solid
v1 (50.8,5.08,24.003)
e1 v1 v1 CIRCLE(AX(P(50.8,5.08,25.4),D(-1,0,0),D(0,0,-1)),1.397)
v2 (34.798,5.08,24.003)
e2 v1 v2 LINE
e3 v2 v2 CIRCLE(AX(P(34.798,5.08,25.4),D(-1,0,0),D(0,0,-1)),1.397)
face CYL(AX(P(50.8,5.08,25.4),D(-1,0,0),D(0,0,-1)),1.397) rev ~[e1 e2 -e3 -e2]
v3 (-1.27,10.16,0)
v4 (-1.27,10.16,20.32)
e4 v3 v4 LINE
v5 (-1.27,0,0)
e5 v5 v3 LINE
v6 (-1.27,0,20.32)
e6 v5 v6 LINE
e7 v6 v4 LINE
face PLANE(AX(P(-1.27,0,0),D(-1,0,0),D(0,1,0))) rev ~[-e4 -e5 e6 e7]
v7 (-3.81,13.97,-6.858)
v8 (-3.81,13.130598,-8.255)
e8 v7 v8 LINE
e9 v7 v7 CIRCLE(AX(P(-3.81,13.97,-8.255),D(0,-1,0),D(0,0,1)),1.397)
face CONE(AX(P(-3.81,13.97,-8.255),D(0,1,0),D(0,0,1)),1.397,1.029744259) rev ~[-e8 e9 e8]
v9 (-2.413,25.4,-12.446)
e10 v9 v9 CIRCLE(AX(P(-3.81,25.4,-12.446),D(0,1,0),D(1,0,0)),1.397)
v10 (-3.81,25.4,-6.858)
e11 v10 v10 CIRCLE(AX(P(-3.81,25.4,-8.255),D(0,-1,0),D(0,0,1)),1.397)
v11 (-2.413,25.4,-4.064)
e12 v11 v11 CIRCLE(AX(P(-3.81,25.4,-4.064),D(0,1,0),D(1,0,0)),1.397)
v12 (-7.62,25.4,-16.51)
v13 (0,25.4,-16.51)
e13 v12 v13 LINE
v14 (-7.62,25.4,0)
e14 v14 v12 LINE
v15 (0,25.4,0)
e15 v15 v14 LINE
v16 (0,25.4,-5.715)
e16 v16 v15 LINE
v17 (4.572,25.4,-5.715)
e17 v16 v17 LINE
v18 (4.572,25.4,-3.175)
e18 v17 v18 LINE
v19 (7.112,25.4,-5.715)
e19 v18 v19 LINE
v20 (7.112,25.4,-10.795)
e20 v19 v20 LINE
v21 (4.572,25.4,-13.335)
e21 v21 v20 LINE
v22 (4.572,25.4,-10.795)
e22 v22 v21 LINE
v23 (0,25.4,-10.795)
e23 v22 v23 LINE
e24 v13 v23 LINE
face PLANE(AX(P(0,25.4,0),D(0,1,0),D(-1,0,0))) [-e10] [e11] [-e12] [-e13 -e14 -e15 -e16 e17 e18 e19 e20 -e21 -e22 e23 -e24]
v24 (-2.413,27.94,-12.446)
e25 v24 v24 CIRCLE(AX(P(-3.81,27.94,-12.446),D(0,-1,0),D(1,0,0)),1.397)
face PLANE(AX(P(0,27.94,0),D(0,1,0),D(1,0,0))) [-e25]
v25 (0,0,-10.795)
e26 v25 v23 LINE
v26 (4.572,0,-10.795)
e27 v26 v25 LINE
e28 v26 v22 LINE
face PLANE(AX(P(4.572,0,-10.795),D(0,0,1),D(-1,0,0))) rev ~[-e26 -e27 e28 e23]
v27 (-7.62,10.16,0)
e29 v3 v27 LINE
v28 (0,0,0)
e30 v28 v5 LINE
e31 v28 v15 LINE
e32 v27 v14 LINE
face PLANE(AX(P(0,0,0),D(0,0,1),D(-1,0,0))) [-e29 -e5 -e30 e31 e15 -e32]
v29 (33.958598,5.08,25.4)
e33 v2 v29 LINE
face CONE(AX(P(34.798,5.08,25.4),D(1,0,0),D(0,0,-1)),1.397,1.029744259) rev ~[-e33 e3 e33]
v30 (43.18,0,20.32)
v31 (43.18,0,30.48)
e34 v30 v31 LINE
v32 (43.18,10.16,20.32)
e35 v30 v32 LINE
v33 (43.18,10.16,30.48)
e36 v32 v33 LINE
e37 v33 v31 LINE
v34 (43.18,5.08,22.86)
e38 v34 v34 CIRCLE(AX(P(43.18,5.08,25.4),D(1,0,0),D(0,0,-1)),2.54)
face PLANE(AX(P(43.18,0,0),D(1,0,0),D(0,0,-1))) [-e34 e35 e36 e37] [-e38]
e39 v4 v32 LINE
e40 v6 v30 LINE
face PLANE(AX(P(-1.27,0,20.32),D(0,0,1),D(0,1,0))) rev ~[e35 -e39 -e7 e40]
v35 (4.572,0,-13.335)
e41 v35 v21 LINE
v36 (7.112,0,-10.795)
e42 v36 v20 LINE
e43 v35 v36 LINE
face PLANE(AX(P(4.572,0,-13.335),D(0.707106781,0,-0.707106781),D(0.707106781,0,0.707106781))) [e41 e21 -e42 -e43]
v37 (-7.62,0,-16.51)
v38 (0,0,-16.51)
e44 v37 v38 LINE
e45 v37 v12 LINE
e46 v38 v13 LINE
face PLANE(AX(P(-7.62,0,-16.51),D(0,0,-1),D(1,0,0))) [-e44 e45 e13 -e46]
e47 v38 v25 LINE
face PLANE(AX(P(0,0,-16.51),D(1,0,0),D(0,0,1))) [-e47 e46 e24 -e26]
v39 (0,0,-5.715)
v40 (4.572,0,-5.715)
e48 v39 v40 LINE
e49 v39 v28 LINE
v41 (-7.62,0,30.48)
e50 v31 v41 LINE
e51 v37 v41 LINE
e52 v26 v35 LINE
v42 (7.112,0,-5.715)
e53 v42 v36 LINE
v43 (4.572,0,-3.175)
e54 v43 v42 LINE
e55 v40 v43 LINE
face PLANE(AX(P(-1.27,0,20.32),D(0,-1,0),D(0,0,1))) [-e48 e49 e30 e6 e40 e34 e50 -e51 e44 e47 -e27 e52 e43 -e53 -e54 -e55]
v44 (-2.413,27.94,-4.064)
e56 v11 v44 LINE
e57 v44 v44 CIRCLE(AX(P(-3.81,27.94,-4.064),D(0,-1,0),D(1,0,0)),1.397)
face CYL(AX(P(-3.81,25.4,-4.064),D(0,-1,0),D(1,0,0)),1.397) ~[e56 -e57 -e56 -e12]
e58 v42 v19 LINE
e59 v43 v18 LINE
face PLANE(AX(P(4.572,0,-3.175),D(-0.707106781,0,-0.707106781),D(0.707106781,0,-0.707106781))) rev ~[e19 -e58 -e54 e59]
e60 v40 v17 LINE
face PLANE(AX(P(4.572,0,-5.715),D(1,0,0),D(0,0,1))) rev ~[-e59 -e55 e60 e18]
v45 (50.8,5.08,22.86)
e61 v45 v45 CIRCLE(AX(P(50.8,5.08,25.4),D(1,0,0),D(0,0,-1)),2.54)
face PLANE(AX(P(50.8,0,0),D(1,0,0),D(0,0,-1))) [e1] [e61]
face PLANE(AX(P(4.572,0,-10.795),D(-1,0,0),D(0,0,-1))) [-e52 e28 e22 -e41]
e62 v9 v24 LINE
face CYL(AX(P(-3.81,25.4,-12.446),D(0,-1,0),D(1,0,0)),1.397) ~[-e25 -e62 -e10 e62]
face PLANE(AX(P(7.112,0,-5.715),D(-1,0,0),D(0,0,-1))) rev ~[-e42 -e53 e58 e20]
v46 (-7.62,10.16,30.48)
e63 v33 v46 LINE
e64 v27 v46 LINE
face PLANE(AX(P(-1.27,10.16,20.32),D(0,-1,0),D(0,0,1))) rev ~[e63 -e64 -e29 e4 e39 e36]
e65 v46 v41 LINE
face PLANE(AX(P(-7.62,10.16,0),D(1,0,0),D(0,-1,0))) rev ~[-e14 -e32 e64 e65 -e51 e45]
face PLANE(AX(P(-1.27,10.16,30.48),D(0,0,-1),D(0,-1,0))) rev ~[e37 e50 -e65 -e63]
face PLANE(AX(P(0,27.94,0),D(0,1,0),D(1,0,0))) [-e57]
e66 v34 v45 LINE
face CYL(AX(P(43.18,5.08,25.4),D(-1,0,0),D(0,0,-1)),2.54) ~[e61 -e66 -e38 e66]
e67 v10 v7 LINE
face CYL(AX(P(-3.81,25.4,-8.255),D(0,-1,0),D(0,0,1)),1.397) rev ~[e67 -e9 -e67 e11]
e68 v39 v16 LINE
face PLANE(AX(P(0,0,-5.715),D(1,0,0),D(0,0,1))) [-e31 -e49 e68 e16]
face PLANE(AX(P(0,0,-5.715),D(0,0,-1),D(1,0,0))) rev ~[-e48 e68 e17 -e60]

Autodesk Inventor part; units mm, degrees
ref_plane "YZ Plane" through (0, 0, 0) normal (1, 0, 0) x (0, 1, 0)
ref_plane "XZ Plane" through (0, 0, 0) normal (0, 1, 0) x (-1, 0, 0)
ref_plane "XY Plane" through (0, 0, 0) normal (0, 0, 1) x (1, 0, 0)
sketch "Sketch1" plane through (0, 0, 0) normal (0, 1, 0) x (-1, 0, 0)
  line L0 (0, 0) -> (7.62, 0)
  line L1 (7.62, 0) -> (7.62, -16.51)
  line L2 (7.62, -16.51) -> (0, -16.51)
  line L3 (0, -16.51) -> (0, 0)
  line L4 (0, 0) -> (0, -5.715)
  line L5 (0, -5.715) -> (-7.112, -5.715)
  line L6 (-7.112, -5.715) -> (-7.112, -10.795)
  line L7 (-7.112, -10.795) -> (0, -10.795)
  line L8 (-7.112, -5.715) -> (-4.572, -5.715)
  line L9 (-4.572, -5.715) -> (-4.572, -3.175)
  line L10 (-4.572, -3.175) -> (-7.112, -5.715)
  line L11 (-7.112, -10.795) -> (-4.572, -10.795)
  line L12 (-4.572, -10.795) -> (-4.572, -13.335)
  line L13 (-4.572, -13.335) -> (-7.112, -10.795)
  dimension "d0" = 7.62
  dimension "d1" = 16.51
  dimension "d2" = 5.715
  dimension "d3" = 7.112
  dimension "d4" = 5.08
  dimension "d5" = 2.54
  dimension "d6" = 2.54
  dimension "d7" = 2.54
extrude "Extrusion1" add sketch "Sketch1" along normal blind 25.4
sketch "Sketch2" plane through (0, 25.4, 0) normal (0, 1, 0) x (1, 0, 0)
  line L0 (-7.62, 0) -> (0, 0) projected
  line L1 (-3.81, 0) -> (-3.81, 4.064)
  line L2 (0, 16.51) -> (-7.62, 16.51) projected
  line L3 (-3.81, 16.51) -> (-3.81, 12.446)
  circle A0 centre (-3.81, 4.064) radius 1.397
  circle A1 centre (-3.81, 12.446) radius 1.397
  dimension "d10" = 4.064
  dimension "d11" = 4.064
  dimension "d12" = 2.794
  dimension "d13" = 2.794
extrude "Extrusion2" add sketch "Sketch2" along normal blind 2.54
sketch "Sketch3" plane through (0, 25.4, 0) normal (0, 1, 0) x (1, 0, 0)
  line L0 (-7.62, 0) -> (0, 0) projected
  line L1 (-3.81, 0) -> (-3.81, 8.255)
  dimension "d16" = 8.255
hole "Hole1" at (-3.81, 25.4, -8.255) direction (0, -1, 0) diameter 2.794 depth 11.43 tip angle 118
sketch "Sketch8" plane through (-7.62, 0, 0) normal (0, 0, 1) x (1, 0, 0)
  line L0 (0, 0) -> (6.35, 0)
  line L1 (6.35, 0) -> (6.35, 10.16)
  line L2 (6.35, 10.16) -> (0, 10.16)
  line L3 (0, 10.16) -> (0, 0)
  point P0 (7.62, 0)
  dimension "d43" = 6.35
  dimension "d44" = 10.16
extrude "Extrusion6" add sketch "Sketch8" along normal blind 30.48
sketch "Sketch9" plane through (-1.27, 0, 0) normal (1, 0, 0) x (0, 0, -1)
  line L0 (16.51, 0) -> (-30.48, 0) projected
  line L1 (0, 10.16) -> (-30.48, 10.16) projected
  line L2 (-30.48, 0) -> (-20.32, 0)
  line L3 (-20.32, 0) -> (-20.32, 10.16)
  line L4 (-20.32, 10.16) -> (-30.48, 10.16)
  line L5 (-30.48, 10.16) -> (-30.48, 0)
  point P0 (0, 0)
  point P1 (46.99, 0)
  dimension "d47" = 10.16
extrude "Extrusion7" add sketch "Sketch9" along normal blind 44.45
sketch "Sketch10" plane through (43.18, 0, 0) normal (1, 0, 0) x (0, 0, -1)
  line L0 (-20.32, 10.16) -> (-20.32, 0) projected
  line L1 (-20.32, 5.08) -> (-25.4, 5.08)
  circle A0 centre (-25.4, 5.08) radius 2.54
  point P0 (0, 0)
  dimension "d50" = 5.08
  dimension "d51" = 5.08
extrude "Extrusion8" add sketch "Sketch10" along normal blind 7.62
sketch "Sketch11" plane through (50.8, 5.08, 25.4) normal (1, 0, 0) x (0, 0, -1)
  circle A0 centre (0, 0) radius 1.397
  point P0 (25.4, -5.08)
  dimension "d54" = 2.794
hole "Hole3" at (50.8, 5.08, 25.4) direction (-1, 0, 0) diameter 2.794 depth 16.002 tip angle 118
properties part number "Grab Rail v2"
